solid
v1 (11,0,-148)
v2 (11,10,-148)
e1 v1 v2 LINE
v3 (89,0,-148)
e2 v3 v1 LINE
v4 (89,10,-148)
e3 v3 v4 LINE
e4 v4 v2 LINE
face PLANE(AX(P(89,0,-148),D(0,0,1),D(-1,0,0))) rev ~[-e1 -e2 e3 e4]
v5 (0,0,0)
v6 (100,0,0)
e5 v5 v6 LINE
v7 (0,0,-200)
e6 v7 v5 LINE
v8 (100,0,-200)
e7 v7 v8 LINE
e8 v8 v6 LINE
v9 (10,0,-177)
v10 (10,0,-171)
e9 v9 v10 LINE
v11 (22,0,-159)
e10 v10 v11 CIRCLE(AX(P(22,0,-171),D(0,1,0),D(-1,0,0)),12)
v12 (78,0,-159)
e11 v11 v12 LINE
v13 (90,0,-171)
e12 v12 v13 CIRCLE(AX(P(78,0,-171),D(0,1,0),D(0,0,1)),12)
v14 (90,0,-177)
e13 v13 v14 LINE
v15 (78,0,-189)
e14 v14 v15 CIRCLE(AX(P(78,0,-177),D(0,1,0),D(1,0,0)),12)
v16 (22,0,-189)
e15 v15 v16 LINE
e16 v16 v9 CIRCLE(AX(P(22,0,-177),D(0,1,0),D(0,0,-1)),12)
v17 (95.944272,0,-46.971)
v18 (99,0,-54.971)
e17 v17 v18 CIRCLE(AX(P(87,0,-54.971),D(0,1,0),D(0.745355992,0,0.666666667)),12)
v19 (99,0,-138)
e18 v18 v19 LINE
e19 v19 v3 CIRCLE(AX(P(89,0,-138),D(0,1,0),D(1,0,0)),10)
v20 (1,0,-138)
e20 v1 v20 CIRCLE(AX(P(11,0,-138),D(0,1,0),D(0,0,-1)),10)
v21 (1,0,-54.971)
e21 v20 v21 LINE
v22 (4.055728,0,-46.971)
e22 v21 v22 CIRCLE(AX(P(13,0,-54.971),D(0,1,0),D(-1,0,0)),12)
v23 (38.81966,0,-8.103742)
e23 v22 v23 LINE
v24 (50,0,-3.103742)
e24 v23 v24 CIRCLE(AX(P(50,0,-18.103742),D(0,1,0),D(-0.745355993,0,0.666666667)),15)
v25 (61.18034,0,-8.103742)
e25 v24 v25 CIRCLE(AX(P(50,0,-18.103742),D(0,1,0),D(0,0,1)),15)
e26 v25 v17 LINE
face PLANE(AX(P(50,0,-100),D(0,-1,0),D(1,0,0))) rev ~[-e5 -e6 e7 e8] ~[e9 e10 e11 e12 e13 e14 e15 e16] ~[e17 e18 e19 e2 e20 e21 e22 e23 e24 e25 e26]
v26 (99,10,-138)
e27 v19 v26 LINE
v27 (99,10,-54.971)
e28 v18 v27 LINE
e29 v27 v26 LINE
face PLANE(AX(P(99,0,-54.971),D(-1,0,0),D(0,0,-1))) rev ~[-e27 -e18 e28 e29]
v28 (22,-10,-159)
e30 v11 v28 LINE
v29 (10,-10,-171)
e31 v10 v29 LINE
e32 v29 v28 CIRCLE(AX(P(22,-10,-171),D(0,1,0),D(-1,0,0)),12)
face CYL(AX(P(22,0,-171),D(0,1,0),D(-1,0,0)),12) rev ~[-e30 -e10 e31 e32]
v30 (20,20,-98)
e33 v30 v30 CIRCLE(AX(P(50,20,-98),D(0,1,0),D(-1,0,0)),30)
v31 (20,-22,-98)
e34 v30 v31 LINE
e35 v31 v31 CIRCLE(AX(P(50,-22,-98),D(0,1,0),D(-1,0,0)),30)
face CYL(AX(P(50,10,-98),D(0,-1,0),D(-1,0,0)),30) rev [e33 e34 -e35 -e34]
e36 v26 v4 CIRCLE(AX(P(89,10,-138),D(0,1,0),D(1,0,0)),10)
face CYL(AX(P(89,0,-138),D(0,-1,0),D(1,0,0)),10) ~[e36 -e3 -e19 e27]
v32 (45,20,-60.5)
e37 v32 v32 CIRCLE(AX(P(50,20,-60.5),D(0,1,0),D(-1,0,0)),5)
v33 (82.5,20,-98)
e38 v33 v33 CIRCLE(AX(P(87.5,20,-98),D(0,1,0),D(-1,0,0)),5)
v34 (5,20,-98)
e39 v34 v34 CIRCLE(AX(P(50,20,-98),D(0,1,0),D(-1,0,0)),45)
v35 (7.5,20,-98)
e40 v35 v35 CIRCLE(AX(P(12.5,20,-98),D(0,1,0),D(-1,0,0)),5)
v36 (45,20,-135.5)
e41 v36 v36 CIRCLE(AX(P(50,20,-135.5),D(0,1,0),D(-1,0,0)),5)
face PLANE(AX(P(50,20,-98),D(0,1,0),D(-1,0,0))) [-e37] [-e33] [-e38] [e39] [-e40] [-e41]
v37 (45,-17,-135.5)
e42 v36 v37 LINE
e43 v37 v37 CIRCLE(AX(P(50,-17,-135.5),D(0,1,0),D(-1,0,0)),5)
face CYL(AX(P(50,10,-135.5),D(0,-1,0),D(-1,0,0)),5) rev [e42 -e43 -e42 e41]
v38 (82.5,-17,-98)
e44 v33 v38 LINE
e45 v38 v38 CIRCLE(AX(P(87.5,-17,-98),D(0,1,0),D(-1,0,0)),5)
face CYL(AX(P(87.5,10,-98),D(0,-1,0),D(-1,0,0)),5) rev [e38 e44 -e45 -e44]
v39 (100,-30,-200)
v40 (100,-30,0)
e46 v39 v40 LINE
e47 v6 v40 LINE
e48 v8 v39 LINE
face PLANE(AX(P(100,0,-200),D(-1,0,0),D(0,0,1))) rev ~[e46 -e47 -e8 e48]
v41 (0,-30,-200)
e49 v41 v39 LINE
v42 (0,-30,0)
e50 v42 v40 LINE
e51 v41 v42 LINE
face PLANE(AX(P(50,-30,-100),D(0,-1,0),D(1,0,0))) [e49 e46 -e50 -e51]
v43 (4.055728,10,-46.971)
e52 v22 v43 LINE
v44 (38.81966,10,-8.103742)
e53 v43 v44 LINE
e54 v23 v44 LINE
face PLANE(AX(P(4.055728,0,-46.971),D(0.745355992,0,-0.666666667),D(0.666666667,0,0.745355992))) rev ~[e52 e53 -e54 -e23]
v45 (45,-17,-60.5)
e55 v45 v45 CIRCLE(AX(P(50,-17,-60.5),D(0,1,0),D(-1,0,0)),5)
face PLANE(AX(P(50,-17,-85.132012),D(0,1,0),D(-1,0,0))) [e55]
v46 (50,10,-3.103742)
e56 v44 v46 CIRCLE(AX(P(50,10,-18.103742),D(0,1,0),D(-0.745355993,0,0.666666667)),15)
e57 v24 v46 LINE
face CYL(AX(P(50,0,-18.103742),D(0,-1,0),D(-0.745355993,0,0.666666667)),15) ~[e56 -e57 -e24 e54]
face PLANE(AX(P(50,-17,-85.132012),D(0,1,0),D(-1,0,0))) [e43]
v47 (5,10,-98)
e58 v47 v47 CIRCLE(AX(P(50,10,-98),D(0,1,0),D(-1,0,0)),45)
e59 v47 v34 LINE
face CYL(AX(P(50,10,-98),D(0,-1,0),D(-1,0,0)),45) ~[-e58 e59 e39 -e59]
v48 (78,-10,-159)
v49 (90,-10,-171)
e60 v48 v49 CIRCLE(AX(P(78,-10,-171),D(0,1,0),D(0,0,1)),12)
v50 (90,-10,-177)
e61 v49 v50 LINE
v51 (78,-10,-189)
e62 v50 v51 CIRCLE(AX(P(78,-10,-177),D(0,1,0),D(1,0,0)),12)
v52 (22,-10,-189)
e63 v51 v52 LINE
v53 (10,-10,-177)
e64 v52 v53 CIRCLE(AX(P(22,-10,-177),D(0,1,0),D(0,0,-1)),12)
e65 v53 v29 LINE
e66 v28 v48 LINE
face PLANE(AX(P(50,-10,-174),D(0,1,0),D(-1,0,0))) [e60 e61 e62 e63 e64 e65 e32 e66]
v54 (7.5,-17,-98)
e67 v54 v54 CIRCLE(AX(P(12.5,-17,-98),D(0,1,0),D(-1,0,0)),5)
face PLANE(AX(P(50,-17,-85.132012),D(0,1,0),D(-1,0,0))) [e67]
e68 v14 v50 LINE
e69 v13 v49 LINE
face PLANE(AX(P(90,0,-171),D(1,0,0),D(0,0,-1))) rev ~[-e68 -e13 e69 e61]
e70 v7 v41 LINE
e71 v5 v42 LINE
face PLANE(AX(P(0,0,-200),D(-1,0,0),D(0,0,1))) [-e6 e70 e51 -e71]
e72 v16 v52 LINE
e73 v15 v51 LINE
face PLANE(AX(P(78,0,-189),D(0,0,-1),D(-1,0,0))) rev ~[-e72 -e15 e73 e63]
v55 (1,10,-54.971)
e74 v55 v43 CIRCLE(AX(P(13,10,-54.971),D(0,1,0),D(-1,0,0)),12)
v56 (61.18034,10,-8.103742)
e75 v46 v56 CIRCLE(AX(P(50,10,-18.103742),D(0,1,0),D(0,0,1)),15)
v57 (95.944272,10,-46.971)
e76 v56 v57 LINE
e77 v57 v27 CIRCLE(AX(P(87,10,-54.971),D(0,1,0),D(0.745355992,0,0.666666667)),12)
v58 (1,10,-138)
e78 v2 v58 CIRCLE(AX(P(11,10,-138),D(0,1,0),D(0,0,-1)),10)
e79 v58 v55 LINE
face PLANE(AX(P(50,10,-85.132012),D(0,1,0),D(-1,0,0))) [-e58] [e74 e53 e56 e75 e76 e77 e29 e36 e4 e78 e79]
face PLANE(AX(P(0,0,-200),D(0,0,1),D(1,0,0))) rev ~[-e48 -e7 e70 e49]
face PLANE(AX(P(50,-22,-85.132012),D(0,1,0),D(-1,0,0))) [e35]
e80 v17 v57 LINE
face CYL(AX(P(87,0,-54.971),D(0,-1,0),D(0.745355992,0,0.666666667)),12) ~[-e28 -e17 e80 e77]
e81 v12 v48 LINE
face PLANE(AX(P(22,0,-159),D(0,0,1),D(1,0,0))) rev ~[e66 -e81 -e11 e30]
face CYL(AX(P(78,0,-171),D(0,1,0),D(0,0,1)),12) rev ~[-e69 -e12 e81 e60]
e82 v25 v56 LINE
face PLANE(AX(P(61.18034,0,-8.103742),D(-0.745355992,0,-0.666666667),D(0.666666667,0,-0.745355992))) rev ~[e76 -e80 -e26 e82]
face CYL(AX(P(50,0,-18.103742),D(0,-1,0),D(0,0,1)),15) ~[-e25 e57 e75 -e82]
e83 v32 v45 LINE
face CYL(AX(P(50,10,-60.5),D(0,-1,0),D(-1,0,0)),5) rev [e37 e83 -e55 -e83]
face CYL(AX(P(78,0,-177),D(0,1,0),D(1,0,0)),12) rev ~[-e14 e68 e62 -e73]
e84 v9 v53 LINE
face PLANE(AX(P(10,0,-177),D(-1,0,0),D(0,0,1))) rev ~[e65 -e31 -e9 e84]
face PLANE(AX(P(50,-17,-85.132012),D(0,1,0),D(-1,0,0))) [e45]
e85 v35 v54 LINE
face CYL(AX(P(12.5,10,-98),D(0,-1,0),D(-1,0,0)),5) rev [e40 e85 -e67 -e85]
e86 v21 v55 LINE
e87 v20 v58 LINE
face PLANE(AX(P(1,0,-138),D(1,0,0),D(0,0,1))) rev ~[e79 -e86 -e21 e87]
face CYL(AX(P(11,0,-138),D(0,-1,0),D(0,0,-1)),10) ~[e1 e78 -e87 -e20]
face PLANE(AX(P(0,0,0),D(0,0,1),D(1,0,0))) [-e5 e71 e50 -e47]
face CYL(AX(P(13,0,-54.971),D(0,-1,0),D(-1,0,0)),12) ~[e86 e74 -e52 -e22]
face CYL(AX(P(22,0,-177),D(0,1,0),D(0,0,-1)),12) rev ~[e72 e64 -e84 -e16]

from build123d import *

# Parameters (mm, degrees)
F0_W     = 100
F0_H     = 200
F1_DEPTH = 30
F3_DEPTH = 10
F4_R     = 45
F4_R_2   = 5
F4_R_3   = 30
F5_DEPTH = 10
F6_DEPTH = 27
F7_DEPTH = 32
F9_DEPTH = 10


with BuildPart() as f1:
    # F0 (on Front) → F1 (new body)
    with BuildSketch(Plane.XZ):
        with Locations((50, -100)):
            Rectangle(F0_W, F0_H)
    extrude(amount=F1_DEPTH)

    # F2 (on face) → F3 (join)
    with BuildSketch(Plane(origin=(0, 0, 0), x_dir=(-1, 0, 0), z_dir=(0, 1, 0))):
        with BuildLine():
            ThreePointArc((-38.8196601125, -8.1037424163), (-43.876275643, -4.4106784786), (-50, -3.1037424163))
            ThreePointArc((-50, -3.1037424163), (-56.123724357, -4.4106784786), (-61.1803398875, -8.1037424163))
            Line((-61.1803398875, -8.1037424163), (-95.94427191, -46.971))
            ThreePointArc((-95.94427191, -46.971), (-98.2100683076, -50.6891349227), (-99, -54.971))
            Line((-99, -54.971), (-99, -138))
            ThreePointArc((-99, -138), (-96.0710678119, -145.0710678119), (-89, -148))
            Line((-89, -148), (-50, -148))
            Line((-50, -148), (-11, -148))
            ThreePointArc((-11, -148), (-3.9289321881, -145.0710678119), (-1, -138))
            Line((-1, -138), (-1, -54.971))
            ThreePointArc((-1, -54.971), (-1.7899316924, -50.6891349227), (-4.05572809, -46.971))
            Line((-4.05572809, -46.971), (-38.8196601125, -8.1037424163))
        make_face()
    extrude(amount=F3_DEPTH)

    # F4 (on face) → F5 (join)
    with BuildSketch(Plane(origin=(0, 10, 0), x_dir=(-1, 0, 0), z_dir=(0, 1, 0))):
        with Locations((-50, -98)):
            Circle(F4_R)
        with Locations((-50, -135.5)):
            Circle(F4_R_2, mode=Mode.SUBTRACT)
        with Locations((-87.5, -98)):
            Circle(F4_R_2, mode=Mode.SUBTRACT)
        with Locations((-50, -98)):
            Circle(F4_R_3, mode=Mode.SUBTRACT)
        with Locations((-12.5, -98)):
            Circle(F4_R_2, mode=Mode.SUBTRACT)
        with Locations((-50, -60.5)):
            Circle(F4_R_2, mode=Mode.SUBTRACT)
    extrude(amount=F5_DEPTH)

    # F6 (cut): faces of the model
    f6_faces = [f1.faces().sort_by_distance(p)[0] for p in [
        (50, 10, -135.5),
        (87.5, 10, -98),
        (50, 10, -60.5),
        (12.5, 10, -98),
    ]]
    extrude(f6_faces, amount=-F6_DEPTH, mode=Mode.SUBTRACT)

    # F7 (cut): a face of the model
    f7_faces = [f1.faces().sort_by_distance(p)[0] for p in [
        (50, 10, -98),
    ]]
    extrude(f7_faces, amount=-F7_DEPTH, mode=Mode.SUBTRACT)

    # F8 (on face) → F9 (cut)
    with BuildSketch(Plane(origin=(0, 0, 0), x_dir=(-1, 0, 0), z_dir=(0, 1, 0))):
        with BuildLine():
            ThreePointArc((-90, -177), (-86.4852813742, -185.4852813742), (-78, -189))
            Line((-78, -189), (-22, -189))
            ThreePointArc((-22, -189), (-13.5147186258, -185.4852813742), (-10, -177))
            Line((-10, -177), (-10, -171))
            ThreePointArc((-10, -171), (-13.5147186258, -162.5147186258), (-22, -159))
            Line((-22, -159), (-78, -159))
            ThreePointArc((-78, -159), (-86.4852813742, -162.5147186258), (-90, -171))
            Line((-90, -171), (-90, -177))
        make_face()
    extrude(amount=-F9_DEPTH, mode=Mode.SUBTRACT)


solid = f1.part
